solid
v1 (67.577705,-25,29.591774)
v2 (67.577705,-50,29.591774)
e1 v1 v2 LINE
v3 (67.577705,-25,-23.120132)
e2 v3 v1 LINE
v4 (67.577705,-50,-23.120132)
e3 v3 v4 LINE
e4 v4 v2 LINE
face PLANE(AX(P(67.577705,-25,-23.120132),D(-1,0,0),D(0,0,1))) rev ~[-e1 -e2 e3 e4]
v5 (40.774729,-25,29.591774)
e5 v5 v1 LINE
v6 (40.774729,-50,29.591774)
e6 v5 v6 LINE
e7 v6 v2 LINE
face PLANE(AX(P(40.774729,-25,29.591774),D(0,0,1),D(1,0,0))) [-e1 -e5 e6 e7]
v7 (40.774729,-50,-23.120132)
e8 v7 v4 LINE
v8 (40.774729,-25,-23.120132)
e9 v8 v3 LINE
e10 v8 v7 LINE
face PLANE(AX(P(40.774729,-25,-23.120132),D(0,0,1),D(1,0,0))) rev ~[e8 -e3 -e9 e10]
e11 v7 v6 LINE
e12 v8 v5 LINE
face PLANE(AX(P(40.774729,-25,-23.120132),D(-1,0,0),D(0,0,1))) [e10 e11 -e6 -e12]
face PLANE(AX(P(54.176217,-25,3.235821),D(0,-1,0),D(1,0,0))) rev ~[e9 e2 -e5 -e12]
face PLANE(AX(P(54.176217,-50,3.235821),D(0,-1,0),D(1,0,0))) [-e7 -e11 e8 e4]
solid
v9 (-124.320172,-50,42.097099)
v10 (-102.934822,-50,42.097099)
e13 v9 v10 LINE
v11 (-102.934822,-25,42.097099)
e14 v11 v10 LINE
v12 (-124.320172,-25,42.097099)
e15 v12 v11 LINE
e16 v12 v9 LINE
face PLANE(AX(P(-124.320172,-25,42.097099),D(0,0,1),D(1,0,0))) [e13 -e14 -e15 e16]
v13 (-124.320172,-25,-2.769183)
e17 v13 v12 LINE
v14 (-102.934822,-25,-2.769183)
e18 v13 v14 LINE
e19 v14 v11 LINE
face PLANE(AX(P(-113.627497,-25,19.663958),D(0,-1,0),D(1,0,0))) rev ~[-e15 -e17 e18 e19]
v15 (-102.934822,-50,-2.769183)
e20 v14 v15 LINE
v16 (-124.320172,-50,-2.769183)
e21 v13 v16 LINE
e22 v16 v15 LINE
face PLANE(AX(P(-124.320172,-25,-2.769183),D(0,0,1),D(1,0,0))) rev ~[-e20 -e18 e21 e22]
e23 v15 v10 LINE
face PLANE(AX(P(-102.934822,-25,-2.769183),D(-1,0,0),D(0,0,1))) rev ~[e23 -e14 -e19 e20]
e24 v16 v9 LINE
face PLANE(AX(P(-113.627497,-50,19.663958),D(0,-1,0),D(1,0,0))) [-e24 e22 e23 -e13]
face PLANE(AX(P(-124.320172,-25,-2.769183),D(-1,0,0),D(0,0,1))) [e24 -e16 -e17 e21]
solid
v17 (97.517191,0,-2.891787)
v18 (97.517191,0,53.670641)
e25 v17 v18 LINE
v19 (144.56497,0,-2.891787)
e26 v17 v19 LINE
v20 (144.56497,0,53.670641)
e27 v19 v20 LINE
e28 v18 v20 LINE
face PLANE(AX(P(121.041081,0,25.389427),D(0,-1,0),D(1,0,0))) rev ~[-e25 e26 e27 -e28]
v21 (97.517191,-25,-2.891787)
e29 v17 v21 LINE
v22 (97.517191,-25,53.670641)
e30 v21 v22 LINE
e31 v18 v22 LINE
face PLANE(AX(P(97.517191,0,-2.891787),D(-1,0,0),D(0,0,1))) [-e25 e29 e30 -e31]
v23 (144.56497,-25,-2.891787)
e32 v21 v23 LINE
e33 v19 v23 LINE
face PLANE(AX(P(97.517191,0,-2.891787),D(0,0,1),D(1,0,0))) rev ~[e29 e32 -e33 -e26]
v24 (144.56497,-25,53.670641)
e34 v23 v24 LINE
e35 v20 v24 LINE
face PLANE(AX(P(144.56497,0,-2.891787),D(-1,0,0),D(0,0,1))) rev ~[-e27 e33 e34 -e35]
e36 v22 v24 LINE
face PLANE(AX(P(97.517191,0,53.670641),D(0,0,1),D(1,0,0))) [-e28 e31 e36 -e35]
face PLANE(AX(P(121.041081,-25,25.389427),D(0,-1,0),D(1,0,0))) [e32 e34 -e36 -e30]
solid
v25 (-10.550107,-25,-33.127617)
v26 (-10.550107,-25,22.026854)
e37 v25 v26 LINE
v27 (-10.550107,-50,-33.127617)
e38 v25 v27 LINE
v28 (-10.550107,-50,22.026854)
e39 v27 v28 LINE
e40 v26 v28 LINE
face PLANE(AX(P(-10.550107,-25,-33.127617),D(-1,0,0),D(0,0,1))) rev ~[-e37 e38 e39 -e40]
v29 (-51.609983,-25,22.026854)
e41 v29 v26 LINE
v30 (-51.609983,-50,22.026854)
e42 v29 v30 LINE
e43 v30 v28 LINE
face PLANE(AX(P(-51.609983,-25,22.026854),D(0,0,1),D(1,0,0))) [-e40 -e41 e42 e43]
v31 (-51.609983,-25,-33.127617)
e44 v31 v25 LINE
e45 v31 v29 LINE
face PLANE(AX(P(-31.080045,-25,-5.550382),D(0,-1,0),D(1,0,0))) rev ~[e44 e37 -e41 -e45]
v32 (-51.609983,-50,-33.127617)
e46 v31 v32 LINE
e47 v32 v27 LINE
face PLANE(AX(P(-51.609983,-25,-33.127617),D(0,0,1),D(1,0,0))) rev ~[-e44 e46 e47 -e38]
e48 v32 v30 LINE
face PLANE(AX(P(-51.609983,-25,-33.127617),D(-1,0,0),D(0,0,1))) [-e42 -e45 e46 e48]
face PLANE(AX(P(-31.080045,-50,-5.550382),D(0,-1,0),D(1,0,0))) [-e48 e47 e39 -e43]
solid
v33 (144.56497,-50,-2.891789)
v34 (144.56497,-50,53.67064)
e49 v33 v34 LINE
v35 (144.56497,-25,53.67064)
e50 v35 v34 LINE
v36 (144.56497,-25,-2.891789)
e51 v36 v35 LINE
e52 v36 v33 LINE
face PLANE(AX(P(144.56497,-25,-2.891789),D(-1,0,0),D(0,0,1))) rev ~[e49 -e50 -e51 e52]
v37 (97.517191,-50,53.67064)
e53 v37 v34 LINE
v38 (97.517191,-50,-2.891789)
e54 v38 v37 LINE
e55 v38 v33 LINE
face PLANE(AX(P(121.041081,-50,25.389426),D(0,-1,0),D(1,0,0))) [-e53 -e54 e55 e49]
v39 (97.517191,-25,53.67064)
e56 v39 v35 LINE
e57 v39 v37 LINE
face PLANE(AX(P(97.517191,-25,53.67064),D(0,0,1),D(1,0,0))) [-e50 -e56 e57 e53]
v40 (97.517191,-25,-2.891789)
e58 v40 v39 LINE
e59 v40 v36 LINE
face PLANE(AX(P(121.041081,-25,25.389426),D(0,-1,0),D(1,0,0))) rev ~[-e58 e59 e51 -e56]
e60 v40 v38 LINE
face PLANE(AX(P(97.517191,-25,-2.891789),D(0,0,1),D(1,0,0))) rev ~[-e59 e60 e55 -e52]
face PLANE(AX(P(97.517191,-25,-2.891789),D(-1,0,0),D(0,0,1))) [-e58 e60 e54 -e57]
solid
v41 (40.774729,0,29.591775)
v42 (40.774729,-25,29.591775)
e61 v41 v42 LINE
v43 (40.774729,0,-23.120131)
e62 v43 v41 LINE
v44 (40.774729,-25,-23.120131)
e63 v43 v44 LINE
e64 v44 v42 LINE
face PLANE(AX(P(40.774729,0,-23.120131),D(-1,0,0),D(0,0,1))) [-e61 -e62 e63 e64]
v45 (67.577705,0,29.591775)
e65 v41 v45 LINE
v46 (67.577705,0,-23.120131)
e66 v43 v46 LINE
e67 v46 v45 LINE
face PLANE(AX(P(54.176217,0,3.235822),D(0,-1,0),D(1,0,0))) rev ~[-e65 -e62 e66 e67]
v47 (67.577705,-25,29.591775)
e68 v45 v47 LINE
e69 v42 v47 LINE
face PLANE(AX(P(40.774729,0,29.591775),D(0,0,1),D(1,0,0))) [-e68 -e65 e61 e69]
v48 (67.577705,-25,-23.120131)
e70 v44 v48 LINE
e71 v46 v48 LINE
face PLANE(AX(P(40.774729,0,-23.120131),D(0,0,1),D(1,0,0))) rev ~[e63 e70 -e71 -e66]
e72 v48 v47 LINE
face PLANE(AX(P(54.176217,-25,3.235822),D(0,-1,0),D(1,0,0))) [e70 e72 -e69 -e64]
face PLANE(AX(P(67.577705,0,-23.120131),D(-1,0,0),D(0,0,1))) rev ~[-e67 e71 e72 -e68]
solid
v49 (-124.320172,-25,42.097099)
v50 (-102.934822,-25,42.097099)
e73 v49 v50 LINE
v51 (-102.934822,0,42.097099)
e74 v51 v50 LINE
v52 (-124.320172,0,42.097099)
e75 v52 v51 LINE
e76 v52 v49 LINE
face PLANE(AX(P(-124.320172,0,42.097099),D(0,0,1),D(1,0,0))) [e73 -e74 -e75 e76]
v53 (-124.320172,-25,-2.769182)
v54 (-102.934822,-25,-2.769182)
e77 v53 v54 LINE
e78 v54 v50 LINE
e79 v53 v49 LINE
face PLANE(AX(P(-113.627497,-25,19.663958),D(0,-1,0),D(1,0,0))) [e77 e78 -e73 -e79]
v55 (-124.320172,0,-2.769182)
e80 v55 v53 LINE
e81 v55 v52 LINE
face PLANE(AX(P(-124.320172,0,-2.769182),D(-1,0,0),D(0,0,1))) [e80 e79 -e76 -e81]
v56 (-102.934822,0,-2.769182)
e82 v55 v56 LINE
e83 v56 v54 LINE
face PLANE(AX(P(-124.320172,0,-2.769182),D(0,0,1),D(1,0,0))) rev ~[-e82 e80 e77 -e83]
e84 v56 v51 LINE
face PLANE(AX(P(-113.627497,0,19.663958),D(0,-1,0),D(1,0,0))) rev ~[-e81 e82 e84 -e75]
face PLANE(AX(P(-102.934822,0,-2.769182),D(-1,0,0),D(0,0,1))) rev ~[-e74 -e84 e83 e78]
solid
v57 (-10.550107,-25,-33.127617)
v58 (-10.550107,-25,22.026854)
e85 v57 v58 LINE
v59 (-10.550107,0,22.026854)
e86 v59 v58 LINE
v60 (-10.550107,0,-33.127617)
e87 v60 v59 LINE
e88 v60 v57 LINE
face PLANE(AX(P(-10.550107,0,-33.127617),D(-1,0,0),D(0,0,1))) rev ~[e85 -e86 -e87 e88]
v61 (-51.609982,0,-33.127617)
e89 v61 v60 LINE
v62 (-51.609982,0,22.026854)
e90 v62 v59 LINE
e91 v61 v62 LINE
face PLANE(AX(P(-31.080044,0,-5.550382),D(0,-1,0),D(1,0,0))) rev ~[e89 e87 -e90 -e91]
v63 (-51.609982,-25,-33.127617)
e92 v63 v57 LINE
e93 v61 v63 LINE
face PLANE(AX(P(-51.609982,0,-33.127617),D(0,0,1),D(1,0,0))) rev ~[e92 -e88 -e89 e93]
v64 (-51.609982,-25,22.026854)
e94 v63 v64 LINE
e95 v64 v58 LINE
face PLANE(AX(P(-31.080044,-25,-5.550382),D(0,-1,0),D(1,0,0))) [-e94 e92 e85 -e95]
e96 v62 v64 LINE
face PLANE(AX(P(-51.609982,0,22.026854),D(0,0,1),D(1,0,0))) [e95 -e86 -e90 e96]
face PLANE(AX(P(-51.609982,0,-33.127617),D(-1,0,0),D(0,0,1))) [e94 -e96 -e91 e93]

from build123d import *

# Parameters (mm, degrees)
F0_W        = 21.38535
F0_H        = 44.866281
F0_W_2      = 41.059875
F0_H_2      = 55.154471
F0_W_3      = 26.802976
F0_H_3      = 52.711906
F0_W_4      = 47.047779
F0_H_4      = 56.562428
F1_DEPTH    = 25
F1_FACE_W   = 21.38535
F1_FACE_H   = 44.866282
F1_FACE_W_2 = 41.059875
F1_FACE_H_2 = 55.154471
F1_FACE_W_3 = 26.802976
F1_FACE_H_3 = 52.711906
F1_FACE_W_4 = 47.047779
F1_FACE_H_4 = 56.562429
F2_DEPTH    = 25


with BuildPart() as f1:
    # F0 (on Front) → F1 (new body)
    with BuildSketch(Plane.XZ):
        with Locations((-113.627497, 19.663958)):
            Rectangle(F0_W, F0_H)
        with Locations((-31.080044, -5.550382)):
            Rectangle(F0_W_2, F0_H_2)
        with Locations((54.176217, 3.235822)):
            Rectangle(F0_W_3, F0_H_3)
        with Locations((121.041081, 25.389427)):
            Rectangle(F0_W_4, F0_H_4)
    extrude(amount=F1_DEPTH)


with BuildPart() as f2:
    # F1_face (on face) → F2 (new body)
    with BuildSketch(Plane(origin=(-113.627497, -25, 19.663958), x_dir=(1, 0, 0), z_dir=(0, -1, 0))):
        Rectangle(F1_FACE_W, F1_FACE_H)
        with Locations((82.547452, -25.21434)):
            Rectangle(F1_FACE_W_2, F1_FACE_H_2)
        with Locations((167.803714, -16.428137)):
            Rectangle(F1_FACE_W_3, F1_FACE_H_3)
        with Locations((234.668578, 5.725468)):
            Rectangle(F1_FACE_W_4, F1_FACE_H_4)
    extrude(amount=F2_DEPTH)


solid = Compound([f1.part, f2.part])
